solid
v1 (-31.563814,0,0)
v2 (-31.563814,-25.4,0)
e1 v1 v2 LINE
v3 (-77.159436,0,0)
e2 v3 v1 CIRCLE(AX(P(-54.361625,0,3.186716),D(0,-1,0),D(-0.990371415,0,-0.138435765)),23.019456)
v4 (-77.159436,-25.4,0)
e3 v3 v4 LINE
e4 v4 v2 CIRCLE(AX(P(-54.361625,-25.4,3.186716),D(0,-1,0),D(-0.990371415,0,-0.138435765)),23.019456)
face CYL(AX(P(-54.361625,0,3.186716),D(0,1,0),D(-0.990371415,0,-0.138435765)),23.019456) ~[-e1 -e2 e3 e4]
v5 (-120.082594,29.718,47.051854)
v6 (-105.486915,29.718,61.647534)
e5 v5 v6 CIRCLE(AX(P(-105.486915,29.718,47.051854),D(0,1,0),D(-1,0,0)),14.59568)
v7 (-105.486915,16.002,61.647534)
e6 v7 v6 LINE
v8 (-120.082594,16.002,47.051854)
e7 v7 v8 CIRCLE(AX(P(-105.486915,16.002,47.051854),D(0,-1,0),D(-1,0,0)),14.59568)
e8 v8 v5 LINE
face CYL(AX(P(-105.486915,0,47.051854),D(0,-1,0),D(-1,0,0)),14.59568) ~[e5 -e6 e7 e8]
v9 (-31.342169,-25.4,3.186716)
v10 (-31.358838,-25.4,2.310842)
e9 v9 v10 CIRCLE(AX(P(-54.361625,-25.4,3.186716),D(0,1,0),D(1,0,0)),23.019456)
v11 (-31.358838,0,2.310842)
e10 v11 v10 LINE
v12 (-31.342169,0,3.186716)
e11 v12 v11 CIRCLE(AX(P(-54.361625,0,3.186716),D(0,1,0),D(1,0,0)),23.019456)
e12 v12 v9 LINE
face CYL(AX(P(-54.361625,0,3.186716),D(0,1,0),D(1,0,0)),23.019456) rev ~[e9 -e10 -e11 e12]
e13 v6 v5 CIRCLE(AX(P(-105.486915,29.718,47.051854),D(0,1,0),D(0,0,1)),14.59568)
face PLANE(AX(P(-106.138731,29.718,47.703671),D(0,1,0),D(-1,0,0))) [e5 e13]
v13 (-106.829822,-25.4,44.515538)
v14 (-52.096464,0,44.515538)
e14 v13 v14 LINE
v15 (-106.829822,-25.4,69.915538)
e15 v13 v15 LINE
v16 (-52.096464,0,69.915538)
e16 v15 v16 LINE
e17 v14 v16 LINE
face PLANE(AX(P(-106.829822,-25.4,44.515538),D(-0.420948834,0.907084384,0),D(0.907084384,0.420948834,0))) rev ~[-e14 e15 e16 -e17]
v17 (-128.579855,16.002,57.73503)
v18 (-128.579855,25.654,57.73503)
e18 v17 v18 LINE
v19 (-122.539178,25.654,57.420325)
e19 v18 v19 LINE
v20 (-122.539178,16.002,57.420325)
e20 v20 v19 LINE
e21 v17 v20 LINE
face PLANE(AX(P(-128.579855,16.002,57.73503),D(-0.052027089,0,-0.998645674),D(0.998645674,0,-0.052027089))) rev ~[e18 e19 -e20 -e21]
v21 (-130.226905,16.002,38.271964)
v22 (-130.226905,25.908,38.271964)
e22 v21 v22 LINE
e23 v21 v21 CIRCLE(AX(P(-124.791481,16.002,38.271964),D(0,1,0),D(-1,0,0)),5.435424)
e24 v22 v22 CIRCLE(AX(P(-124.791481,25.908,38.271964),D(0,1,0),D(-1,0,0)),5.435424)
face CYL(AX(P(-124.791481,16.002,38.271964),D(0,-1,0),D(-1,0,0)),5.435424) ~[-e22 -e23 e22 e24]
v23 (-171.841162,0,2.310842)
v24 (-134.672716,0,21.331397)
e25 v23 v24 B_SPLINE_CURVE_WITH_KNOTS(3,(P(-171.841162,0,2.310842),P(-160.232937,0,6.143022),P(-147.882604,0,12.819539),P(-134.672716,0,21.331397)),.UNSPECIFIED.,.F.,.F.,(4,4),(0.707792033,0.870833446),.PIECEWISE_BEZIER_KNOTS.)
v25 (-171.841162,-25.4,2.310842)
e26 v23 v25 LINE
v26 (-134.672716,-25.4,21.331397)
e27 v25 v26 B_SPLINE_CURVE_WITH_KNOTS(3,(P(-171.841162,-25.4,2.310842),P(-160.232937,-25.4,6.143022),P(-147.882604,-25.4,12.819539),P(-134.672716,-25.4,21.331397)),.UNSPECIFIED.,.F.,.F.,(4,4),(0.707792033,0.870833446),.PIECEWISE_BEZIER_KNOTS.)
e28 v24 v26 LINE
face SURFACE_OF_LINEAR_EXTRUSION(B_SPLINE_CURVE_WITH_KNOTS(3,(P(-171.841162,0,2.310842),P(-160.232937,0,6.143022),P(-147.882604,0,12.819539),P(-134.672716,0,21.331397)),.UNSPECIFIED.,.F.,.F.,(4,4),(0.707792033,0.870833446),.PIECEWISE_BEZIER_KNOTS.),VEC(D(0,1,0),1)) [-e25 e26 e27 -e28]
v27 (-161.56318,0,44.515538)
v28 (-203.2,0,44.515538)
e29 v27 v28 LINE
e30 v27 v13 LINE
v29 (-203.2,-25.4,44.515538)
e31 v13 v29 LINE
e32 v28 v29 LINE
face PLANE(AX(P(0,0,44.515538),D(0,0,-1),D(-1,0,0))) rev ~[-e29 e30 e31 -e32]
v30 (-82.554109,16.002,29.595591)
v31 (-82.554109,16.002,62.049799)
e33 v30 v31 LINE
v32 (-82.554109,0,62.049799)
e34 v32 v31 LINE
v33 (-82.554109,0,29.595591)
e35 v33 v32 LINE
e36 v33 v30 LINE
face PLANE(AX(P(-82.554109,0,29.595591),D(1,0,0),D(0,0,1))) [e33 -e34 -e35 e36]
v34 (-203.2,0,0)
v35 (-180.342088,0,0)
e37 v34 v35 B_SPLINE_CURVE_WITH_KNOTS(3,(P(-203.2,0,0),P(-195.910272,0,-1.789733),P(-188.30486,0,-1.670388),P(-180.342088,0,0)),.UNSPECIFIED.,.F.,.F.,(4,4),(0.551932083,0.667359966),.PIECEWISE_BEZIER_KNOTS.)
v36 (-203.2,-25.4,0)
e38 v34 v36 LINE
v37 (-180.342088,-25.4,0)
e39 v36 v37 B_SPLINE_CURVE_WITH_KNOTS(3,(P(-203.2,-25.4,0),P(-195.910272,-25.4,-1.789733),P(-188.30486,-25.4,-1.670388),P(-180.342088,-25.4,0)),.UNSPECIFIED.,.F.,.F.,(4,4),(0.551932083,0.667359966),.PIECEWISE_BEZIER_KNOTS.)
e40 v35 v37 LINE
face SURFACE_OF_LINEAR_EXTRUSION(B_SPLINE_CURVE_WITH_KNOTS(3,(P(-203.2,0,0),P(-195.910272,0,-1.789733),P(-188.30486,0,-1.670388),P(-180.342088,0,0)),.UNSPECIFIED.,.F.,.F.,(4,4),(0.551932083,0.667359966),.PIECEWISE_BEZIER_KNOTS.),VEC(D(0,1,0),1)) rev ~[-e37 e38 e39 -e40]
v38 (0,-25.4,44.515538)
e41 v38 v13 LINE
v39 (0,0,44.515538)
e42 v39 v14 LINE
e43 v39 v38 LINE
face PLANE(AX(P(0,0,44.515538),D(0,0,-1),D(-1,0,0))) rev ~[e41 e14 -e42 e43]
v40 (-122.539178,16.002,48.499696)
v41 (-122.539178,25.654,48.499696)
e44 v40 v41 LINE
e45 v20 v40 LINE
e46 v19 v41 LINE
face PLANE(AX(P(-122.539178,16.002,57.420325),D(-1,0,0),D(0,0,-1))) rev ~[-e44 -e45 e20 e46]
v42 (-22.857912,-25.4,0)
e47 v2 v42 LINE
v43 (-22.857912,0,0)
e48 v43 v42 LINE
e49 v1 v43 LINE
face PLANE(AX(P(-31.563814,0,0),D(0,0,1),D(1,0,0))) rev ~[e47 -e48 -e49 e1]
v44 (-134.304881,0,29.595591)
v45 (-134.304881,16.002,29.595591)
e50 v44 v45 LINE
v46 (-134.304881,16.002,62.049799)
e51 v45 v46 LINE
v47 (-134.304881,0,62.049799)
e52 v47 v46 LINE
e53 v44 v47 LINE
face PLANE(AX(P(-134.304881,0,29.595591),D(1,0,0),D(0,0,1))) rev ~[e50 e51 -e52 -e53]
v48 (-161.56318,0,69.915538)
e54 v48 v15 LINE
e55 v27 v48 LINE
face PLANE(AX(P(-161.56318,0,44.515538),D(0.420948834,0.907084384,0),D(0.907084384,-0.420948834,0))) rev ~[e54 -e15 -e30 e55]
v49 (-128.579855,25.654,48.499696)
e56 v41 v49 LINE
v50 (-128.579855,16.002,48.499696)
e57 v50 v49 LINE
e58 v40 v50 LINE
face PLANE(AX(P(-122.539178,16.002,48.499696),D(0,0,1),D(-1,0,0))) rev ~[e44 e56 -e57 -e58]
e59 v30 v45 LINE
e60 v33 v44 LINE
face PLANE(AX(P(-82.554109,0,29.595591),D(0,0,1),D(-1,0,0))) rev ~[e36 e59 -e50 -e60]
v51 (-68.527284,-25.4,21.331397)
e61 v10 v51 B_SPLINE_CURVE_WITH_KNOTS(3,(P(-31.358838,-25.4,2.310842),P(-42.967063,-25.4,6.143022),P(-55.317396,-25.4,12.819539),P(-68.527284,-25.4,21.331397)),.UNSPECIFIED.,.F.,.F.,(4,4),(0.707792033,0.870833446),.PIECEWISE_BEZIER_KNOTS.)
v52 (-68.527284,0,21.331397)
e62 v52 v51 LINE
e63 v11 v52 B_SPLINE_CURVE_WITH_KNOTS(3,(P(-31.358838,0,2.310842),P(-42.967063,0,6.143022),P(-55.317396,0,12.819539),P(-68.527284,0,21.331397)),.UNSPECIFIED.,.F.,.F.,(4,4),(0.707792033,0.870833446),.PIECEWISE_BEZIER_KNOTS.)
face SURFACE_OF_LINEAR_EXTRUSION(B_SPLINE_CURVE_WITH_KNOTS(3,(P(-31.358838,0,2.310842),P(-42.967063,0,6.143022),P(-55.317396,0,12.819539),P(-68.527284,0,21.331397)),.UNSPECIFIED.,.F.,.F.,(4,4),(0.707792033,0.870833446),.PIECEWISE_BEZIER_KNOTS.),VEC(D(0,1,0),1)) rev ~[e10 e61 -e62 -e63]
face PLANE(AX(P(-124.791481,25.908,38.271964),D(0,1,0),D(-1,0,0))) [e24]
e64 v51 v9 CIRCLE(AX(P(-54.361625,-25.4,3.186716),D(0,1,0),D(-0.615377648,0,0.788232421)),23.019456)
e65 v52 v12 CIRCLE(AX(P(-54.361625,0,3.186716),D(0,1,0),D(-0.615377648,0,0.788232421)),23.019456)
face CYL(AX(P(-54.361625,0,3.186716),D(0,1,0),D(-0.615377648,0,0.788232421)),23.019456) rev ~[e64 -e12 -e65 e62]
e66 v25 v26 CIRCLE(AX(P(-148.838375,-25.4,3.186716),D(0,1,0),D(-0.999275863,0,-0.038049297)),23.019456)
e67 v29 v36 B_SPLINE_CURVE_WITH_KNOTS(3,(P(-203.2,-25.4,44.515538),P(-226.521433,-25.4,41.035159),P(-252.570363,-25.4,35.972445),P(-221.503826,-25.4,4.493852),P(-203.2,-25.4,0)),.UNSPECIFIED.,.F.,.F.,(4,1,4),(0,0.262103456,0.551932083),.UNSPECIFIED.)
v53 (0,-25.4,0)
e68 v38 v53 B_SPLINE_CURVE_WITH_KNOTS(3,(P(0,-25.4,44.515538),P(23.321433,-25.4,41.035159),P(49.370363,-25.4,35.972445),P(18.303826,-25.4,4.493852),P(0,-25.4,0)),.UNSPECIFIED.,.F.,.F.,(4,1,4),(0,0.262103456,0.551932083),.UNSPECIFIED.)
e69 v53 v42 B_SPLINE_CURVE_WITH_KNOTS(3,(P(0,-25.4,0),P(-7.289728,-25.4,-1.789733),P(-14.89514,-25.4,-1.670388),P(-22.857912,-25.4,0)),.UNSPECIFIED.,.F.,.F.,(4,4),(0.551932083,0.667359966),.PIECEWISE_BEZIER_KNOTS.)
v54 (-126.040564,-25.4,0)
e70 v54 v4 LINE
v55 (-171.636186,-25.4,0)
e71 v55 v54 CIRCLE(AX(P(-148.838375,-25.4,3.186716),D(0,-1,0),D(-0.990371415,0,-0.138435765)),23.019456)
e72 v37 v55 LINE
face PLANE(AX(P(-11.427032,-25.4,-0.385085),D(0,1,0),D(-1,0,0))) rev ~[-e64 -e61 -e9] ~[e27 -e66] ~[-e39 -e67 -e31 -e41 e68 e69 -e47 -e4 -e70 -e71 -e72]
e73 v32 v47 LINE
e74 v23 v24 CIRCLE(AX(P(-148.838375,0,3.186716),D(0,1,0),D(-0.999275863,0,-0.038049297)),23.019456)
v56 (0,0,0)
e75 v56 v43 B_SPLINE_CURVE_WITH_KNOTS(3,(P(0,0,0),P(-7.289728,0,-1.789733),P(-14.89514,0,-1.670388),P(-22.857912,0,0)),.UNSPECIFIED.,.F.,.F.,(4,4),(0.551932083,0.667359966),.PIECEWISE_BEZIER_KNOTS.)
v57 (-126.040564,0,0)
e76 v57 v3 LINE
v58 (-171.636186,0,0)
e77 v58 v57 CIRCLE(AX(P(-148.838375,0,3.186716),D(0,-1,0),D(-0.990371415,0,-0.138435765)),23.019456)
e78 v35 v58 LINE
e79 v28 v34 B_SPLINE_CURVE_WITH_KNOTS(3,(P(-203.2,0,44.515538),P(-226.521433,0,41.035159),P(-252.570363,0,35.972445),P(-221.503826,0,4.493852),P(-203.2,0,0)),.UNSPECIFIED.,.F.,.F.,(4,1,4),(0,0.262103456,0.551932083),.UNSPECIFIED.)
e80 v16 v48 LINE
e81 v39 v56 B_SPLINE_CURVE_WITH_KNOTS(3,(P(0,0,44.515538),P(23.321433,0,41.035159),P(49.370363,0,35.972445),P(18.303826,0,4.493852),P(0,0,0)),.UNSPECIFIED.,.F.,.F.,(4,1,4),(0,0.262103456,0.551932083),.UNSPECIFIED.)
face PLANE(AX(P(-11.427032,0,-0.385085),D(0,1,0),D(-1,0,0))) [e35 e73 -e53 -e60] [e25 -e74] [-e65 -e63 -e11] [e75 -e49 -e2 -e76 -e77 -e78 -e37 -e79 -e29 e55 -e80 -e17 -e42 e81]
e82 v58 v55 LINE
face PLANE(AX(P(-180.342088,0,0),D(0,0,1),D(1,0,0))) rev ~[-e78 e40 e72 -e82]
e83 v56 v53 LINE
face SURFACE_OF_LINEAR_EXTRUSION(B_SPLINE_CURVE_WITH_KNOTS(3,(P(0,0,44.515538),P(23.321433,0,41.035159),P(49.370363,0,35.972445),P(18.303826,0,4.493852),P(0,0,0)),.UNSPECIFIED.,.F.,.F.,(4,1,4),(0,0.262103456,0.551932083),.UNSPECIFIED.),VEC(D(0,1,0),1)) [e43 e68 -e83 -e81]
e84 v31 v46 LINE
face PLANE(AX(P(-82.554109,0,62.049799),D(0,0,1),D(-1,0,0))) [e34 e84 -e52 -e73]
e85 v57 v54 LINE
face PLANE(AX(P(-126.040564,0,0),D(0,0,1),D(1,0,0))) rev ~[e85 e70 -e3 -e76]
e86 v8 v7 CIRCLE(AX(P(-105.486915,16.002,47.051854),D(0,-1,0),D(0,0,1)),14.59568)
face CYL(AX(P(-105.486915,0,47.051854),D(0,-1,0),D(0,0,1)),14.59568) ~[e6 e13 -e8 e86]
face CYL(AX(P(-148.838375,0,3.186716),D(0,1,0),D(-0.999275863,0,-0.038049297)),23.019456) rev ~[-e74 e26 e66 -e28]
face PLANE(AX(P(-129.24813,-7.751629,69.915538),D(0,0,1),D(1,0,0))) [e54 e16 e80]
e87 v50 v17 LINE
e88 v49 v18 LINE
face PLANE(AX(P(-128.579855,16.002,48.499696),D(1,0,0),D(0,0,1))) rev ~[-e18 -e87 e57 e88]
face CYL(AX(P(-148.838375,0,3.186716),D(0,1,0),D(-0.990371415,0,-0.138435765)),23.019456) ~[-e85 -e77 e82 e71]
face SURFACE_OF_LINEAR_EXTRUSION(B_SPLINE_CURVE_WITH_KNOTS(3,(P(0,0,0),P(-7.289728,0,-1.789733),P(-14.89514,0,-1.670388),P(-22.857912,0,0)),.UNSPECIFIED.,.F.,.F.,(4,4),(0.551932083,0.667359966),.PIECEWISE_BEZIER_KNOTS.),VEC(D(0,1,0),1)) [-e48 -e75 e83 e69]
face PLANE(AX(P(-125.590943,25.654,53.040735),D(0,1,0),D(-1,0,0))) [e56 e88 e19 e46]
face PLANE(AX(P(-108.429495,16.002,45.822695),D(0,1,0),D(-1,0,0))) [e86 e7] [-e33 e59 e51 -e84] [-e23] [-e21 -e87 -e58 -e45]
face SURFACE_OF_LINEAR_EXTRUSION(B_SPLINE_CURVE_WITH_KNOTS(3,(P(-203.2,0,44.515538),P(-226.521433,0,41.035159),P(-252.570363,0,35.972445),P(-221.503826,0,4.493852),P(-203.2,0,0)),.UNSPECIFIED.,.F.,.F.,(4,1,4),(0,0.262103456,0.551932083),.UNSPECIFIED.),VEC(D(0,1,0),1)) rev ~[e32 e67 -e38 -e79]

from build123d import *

# Parameters (mm, degrees)
F1_DEPTH  = 25.4
F3_DEPTH  = 25.4
F5_DEPTH  = 29.718
F6_W      = 51.7507717013
F6_H      = 32.4542075396
F7_DEPTH  = 16.002
F9_DEPTH  = 9.652
F8_R      = 5.4354243812
F10_DEPTH = 9.906


with BuildPart() as f1:
    # F0 (on Front) → F1 (new body)
    with BuildSketch(Plane.XZ):
        with BuildLine():
            add(Edge.make_bspline(
                [(0, 0), (-7.2897283, -1.7897330566), (-14.8951404218, -1.670387598), (-22.8579116206, 0)],
                knots=[0.5519320833, 0.5519320833, 0.5519320833, 0.5519320833, 0.6673599665, 0.6673599665, 0.6673599665, 0.6673599665], degree=3))
            Line((0, 0), (-22.8579116206, 0))
        make_face()
        with BuildLine():
            Line((-22.8579116206, 0), (0, 0))
            Line((0, 0), (0, 44.5155379022))
            Line((0, 44.5155379022), (-101.6, 44.5155379022))
            add(Edge.make_bspline(
                [(-68.5272835275, 21.3313974768), (-78.9925734165, 28.0747606793), (-89.9973463161, 35.9700412347), (-101.6, 44.5155379022)],
                knots=[0.8708334463, 0.8708334463, 0.8708334463, 0.8708334463, 1, 1, 1, 1], degree=3))
            ThreePointArc((-68.5272835275, 21.3313974768), (-44.2668342264, 23.8746485463), (-31.3421689342, 3.1867159919))
            ThreePointArc((-31.3421689342, 3.1867159919), (-31.3463366195, 2.7486996352), (-31.3588381664, 2.3108418847))
            add(Edge.make_bspline(
                [(-22.8579116206, 0), (-25.647110234, 0.5851031828), (-28.4801553771, 1.3605130332), (-31.3588381664, 2.3108418847)],
                knots=[0.6673599665, 0.6673599665, 0.6673599665, 0.6673599665, 0.7077920326, 0.7077920326, 0.7077920326, 0.7077920326], degree=3))
        make_face()
        with BuildLine():
            Line((0, 44.5155379022), (0, 0))
            add(Edge.make_bspline(
                [(0, 44.5155379022), (23.3214331824, 41.0351589113), (49.3703629345, 35.9724451619), (18.3038264824, 4.4938524413), (0, 0)],
                knots=[0, 0, 0, 0, 0.2621034562, 0.5519320833, 0.5519320833, 0.5519320833, 0.5519320833], degree=3))
        make_face()
        with BuildLine():
            Line((-31.5638137301, 0), (-22.8579116206, 0))
            add(Edge.make_bspline(
                [(-22.8579116206, 0), (-25.647110234, 0.5851031828), (-28.4801553771, 1.3605130332), (-31.3588381664, 2.3108418847)],
                knots=[0.6673599665, 0.6673599665, 0.6673599665, 0.6673599665, 0.7077920326, 0.7077920326, 0.7077920326, 0.7077920326], degree=3))
            ThreePointArc((-31.3588381664, 2.3108418847), (-31.4321964371, 1.1528371057), (-31.5638137301, 0))
        make_face()
        with BuildLine():
            ThreePointArc((-77.1594360048, 0), (-54.3616248675, -19.8327399414), (-31.5638137301, 0))
            Line((-31.5638137301, 0), (-77.1594360048, 0))
        make_face()
        with BuildLine():
            Line((-77.1594360048, 0), (-31.5638137301, 0))
            ThreePointArc((-31.5638137301, 0), (-31.4321964371, 1.1528371057), (-31.3588381664, 2.3108418847))
            add(Edge.make_bspline(
                [(-31.3588381664, 2.3108418847), (-42.967062935, 6.1430219892), (-55.3173959076, 12.819538653), (-68.5272835275, 21.3313974768)],
                knots=[0.7077920326, 0.7077920326, 0.7077920326, 0.7077920326, 0.8708334463, 0.8708334463, 0.8708334463, 0.8708334463], degree=3))
            ThreePointArc((-68.5272835275, 21.3313974768), (-75.7001265591, 11.8217433237), (-77.1594360048, 0))
        make_face()
        with BuildLine():
            add(Edge.make_bspline(
                [(-68.5272835275, 21.3313974768), (-78.9925734165, 28.0747606793), (-89.9973463161, 35.9700412347), (-101.6, 44.5155379022)],
                knots=[0.8708334463, 0.8708334463, 0.8708334463, 0.8708334463, 1, 1, 1, 1], degree=3))
            Line((-101.6, 44.5155379022), (-101.6, 0))
            Line((-101.6, 0), (-77.1594360048, 0))
            ThreePointArc((-77.1594360048, 0), (-75.7001265591, 11.8217433237), (-68.5272835275, 21.3313974768))
        make_face()
        with BuildLine():
            Line((-101.6, 0), (-101.6, 44.5155379022))
            add(Edge.make_bspline(
                [(-134.6727164725, 21.3313974768), (-124.2074265835, 28.0747606793), (-113.2026536839, 35.9700412347), (-101.6, 44.5155379022)],
                knots=[0.8708334463, 0.8708334463, 0.8708334463, 0.8708334463, 1, 1, 1, 1], degree=3))
            ThreePointArc((-134.6727164725, 21.3313974768), (-128.1504425781, 13.2815066329), (-125.8189191992, 3.1867159919))
            ThreePointArc((-125.8189191992, 3.1867159919), (-125.8743972507, 1.5895086456), (-126.0405639952, 0))
            Line((-126.0405639952, 0), (-101.6, 0))
        make_face()
        with BuildLine():
            add(Edge.make_bspline(
                [(-134.6727164725, 21.3313974768), (-124.2074265835, 28.0747606793), (-113.2026536839, 35.9700412347), (-101.6, 44.5155379022)],
                knots=[0.8708334463, 0.8708334463, 0.8708334463, 0.8708334463, 1, 1, 1, 1], degree=3))
            Line((-101.6, 44.5155379022), (-203.2, 44.5155379022))
            add(Edge.make_bspline(
                [(-203.2, 44.5155379022), (-226.5214331824, 41.0351589113), (-252.5703629345, 35.9724451619), (-221.5038264824, 4.4938524413), (-203.2, 0)],
                knots=[0, 0, 0, 0, 0.2621034562, 0.5519320833, 0.5519320833, 0.5519320833, 0.5519320833], degree=3))
            Line((-203.2, 0), (-180.3420883794, 0))
            add(Edge.make_bspline(
                [(-180.3420883794, 0), (-177.552889766, 0.5851031828), (-174.7198446229, 1.3605130332), (-171.8411618336, 2.3108418847)],
                knots=[0.6673599665, 0.6673599665, 0.6673599665, 0.6673599665, 0.7077920326, 0.7077920326, 0.7077920326, 0.7077920326], degree=3))
            ThreePointArc((-171.8411618336, 2.3108418847), (-159.3249900183, 23.6788183658), (-134.6727164725, 21.3313974768))
        make_face()
        with BuildLine():
            ThreePointArc((-125.8189191992, 3.1867159919), (-128.1504425781, 13.2815066329), (-134.6727164725, 21.3313974768))
            add(Edge.make_bspline(
                [(-171.8411618336, 2.3108418847), (-160.232937065, 6.1430219892), (-147.8826040924, 12.819538653), (-134.6727164725, 21.3313974768)],
                knots=[0.7077920326, 0.7077920326, 0.7077920326, 0.7077920326, 0.8708334463, 0.8708334463, 0.8708334463, 0.8708334463], degree=3))
            ThreePointArc((-171.8411618336, 2.3108418847), (-171.7678035629, 1.1528371057), (-171.6361862699, 0))
            Line((-171.6361862699, 0), (-126.0405639952, 0))
            ThreePointArc((-126.0405639952, 0), (-125.8743972507, 1.5895086456), (-125.8189191992, 3.1867159919))
        make_face()
        with BuildLine():
            ThreePointArc((-171.6361862699, 0), (-148.8383751325, -19.8327399414), (-126.0405639952, 0))
            Line((-126.0405639952, 0), (-171.6361862699, 0))
        make_face()
        with BuildLine():
            ThreePointArc((-171.6361862699, 0), (-171.7678035629, 1.1528371057), (-171.8411618336, 2.3108418847))
            add(Edge.make_bspline(
                [(-180.3420883794, 0), (-177.552889766, 0.5851031828), (-174.7198446229, 1.3605130332), (-171.8411618336, 2.3108418847)],
                knots=[0.6673599665, 0.6673599665, 0.6673599665, 0.6673599665, 0.7077920326, 0.7077920326, 0.7077920326, 0.7077920326], degree=3))
            Line((-180.3420883794, 0), (-171.6361862699, 0))
        make_face()
        with BuildLine():
            Line((-180.3420883794, 0), (-203.2, 0))
            add(Edge.make_bspline(
                [(-203.2, 0), (-195.9102717, -1.7897330566), (-188.3048595782, -1.670387598), (-180.3420883794, 0)],
                knots=[0.5519320833, 0.5519320833, 0.5519320833, 0.5519320833, 0.6673599665, 0.6673599665, 0.6673599665, 0.6673599665], degree=3))
        make_face()
    extrude(amount=F1_DEPTH)

    # F2 (on face) → F3 (join)
    with BuildSketch(Plane.XY.offset(44.5155379022)):
        Polygon((-106.8298220634, -25.4), (-106.8298220634, 0), (-161.563180387, 0), align=None)
        Polygon((-52.0964637399, 0), (-106.8298220634, 0), (-106.8298220634, -25.4), align=None)
    extrude(amount=F3_DEPTH)

    # F4 (on face) → F5 (join)
    with BuildSketch(Plane(origin=(0, 0, 0), x_dir=(-1, 0, 0), z_dir=(0, 1, 0))):
        with BuildLine():
            ThreePointArc((120.0825944543, 47.0518544316), (115.8076187762, 57.3725586924), (105.4869145155, 61.6475343704))
            ThreePointArc((105.4869145155, 61.6475343704), (95.1662102547, 36.7311501709), (120.0825944543, 47.0518544316))
        make_face()
    extrude(amount=F5_DEPTH)

    # F6 (on face) → F7 (join)
    with BuildSketch(Plane(origin=(0, 0, 0), x_dir=(-1, 0, 0), z_dir=(0, 1, 0))):
        with Locations((108.4294952452, 45.8226948977)):
            Rectangle(F6_W, F6_H)
    extrude(amount=F7_DEPTH)

    # F8 (on face) → F9 (join)
    with BuildSketch(Plane(origin=(0, 16.002, 0), x_dir=(-1, 0, 0), z_dir=(0, 1, 0))):
        Polygon((128.5798549652, 57.735029608), (122.539177537, 57.4203245342), (122.539177537, 48.4996959567), (128.5798549652, 48.4996959567), align=None)
    extrude(amount=F9_DEPTH)

    # F8 (on face) → F10 (join)
    with BuildSketch(Plane(origin=(0, 16.002, 0), x_dir=(-1, 0, 0), z_dir=(0, 1, 0))):
        with Locations((124.7914806008, 38.2719635963)):
            Circle(F8_R)
    extrude(amount=F10_DEPTH)


solid = f1.part
